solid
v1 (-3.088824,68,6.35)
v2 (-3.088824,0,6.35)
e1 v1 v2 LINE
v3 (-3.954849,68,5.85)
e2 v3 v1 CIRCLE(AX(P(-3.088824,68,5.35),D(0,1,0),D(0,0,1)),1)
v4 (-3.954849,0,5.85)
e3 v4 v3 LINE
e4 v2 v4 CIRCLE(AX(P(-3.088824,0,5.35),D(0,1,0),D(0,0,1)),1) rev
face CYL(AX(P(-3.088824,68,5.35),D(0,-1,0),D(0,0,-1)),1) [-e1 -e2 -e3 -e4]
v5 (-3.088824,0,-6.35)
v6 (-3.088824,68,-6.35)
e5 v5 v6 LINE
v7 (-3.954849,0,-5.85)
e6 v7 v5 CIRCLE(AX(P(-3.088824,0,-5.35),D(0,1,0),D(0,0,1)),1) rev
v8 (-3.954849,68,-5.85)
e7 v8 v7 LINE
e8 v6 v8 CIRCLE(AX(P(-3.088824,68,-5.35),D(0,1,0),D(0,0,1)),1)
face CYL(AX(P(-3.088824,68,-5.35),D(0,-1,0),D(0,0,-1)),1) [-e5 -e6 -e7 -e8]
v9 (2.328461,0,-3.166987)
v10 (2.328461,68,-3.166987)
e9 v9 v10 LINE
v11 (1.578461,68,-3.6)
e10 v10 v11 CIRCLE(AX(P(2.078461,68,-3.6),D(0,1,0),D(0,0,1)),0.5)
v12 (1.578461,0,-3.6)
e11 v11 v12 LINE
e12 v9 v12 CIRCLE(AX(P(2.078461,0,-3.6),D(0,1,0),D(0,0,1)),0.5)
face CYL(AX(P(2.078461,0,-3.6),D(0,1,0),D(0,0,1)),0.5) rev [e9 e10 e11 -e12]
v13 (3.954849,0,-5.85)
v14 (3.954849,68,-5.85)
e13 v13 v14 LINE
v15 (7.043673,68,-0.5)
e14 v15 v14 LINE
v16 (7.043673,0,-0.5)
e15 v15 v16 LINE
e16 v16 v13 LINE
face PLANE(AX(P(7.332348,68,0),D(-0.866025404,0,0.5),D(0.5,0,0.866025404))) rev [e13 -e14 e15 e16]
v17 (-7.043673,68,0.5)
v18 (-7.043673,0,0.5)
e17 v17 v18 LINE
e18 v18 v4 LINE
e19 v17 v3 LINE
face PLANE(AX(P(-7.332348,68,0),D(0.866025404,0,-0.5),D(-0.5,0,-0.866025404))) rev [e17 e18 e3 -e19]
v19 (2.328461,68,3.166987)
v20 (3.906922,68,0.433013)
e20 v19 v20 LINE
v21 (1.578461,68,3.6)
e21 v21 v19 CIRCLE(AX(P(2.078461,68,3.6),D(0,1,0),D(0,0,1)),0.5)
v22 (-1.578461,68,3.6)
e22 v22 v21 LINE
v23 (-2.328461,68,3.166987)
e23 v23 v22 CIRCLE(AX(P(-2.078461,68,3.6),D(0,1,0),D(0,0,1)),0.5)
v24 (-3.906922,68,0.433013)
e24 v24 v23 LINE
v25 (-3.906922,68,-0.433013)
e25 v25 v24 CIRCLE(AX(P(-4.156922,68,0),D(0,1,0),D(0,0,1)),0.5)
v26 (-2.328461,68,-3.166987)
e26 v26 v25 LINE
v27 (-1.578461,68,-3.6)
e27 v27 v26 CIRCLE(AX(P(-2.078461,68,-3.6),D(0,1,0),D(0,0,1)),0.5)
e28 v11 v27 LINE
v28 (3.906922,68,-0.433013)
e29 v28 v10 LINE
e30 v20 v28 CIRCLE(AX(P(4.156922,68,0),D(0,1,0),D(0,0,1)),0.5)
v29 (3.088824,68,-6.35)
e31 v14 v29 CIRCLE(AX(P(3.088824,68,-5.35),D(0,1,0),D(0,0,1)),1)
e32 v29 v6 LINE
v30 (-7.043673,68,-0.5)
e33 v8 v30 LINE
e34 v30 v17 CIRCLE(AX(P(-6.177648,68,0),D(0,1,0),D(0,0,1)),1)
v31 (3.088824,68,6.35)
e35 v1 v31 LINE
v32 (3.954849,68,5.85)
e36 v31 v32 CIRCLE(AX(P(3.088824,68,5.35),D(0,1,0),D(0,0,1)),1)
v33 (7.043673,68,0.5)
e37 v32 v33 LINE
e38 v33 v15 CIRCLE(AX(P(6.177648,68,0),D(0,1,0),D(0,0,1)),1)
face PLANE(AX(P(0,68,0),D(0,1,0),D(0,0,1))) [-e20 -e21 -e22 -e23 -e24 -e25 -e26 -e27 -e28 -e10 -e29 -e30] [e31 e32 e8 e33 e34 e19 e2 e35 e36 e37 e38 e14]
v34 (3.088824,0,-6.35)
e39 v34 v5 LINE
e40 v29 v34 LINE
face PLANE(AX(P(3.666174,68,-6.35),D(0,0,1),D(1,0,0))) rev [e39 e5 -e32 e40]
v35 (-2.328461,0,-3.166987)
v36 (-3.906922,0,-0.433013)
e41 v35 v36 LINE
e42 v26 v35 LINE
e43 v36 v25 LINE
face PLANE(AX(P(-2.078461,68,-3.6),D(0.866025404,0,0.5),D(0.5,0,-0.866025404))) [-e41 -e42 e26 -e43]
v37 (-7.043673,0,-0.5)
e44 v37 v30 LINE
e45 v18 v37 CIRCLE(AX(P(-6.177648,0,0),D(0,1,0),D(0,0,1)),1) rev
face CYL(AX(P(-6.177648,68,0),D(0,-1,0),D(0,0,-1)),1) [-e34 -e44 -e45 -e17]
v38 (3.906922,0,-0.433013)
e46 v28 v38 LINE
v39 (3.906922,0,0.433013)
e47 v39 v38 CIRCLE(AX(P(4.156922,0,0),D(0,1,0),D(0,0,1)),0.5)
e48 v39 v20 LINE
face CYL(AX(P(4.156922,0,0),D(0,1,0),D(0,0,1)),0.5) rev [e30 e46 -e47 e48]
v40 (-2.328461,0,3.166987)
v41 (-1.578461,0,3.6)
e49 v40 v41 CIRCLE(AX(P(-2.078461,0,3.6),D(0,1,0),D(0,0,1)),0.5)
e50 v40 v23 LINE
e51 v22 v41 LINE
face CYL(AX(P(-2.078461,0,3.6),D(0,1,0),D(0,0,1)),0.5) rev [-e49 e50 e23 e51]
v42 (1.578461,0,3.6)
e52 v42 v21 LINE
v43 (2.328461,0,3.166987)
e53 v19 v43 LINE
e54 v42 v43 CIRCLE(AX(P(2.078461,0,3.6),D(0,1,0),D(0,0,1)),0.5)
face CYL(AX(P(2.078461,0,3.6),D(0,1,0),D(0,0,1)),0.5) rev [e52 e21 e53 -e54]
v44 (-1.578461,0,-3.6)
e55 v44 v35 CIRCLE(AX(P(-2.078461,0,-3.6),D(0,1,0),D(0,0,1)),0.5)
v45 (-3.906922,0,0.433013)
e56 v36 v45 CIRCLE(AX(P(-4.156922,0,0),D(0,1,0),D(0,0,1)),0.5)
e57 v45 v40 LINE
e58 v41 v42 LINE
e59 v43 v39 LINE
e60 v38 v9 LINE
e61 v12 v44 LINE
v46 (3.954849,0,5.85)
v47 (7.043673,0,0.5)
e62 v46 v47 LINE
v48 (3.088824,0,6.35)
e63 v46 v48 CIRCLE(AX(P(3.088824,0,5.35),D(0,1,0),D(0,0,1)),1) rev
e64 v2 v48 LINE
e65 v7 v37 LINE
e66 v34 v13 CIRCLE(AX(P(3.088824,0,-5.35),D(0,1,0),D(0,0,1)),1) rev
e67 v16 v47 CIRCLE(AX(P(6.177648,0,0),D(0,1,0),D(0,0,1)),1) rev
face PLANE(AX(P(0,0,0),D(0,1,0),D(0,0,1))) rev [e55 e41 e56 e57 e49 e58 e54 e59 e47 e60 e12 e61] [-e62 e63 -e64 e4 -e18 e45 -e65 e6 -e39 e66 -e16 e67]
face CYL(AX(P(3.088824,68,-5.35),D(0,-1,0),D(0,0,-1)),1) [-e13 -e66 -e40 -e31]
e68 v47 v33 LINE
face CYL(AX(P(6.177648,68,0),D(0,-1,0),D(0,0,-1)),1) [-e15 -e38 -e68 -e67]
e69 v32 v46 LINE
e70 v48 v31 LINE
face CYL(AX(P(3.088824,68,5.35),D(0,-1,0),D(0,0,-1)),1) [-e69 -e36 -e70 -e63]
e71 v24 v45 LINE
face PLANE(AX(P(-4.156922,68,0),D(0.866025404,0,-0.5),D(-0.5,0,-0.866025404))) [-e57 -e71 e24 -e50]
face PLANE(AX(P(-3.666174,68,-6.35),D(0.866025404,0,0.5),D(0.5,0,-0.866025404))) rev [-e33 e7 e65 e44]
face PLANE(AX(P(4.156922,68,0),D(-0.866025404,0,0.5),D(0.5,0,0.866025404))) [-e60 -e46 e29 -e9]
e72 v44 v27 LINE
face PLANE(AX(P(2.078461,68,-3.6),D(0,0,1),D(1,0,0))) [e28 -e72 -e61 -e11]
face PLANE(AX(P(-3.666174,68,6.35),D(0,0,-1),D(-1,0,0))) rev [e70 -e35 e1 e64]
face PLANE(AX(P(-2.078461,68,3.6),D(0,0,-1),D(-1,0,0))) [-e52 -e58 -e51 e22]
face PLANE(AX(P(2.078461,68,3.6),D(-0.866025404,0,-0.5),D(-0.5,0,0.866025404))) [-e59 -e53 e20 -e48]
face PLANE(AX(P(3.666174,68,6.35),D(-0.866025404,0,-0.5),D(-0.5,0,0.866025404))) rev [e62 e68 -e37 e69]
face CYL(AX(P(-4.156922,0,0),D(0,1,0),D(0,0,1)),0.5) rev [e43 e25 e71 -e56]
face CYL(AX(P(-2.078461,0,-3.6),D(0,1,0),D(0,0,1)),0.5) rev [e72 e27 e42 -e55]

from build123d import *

# Parameters (mm, degrees)
BOSS_EXTRUDE1_DEPTH = 68
SKETCH2_R           = 0.5
CUT_EXTRUDE1_DEPTH  = 69.68832385
FILLET1_R           = 1


with BuildPart() as part:
    # Sketch1 → Boss-Extrude1 (new body)
    with BuildSketch(Plane(origin=(0, 0, 0), x_dir=(1, 0, 0), z_dir=(0, 1, 0))):
        Polygon((3.666174209, 6.35), (-3.666174209, 6.35), (-7.332348419, 0), (-3.666174209, -6.35), (3.666174209, -6.35), (7.332348419, 0), align=None)
        Polygon((2.078460969, 3.6), (-2.078460969, 3.6), (-4.156921938, 0), (-2.078460969, -3.6), (2.078460969, -3.6), (4.156921938, 0), align=None, mode=Mode.SUBTRACT)
    extrude(amount=BOSS_EXTRUDE1_DEPTH)

    # Sketch2 → Cut-Extrude1 (cut, through all)
    with BuildSketch(Plane(origin=(0, 68, 0), x_dir=(1, 0, 0), z_dir=(0, 1, 0))):
        with Locations((-2.078460969, 3.6)):
            Circle(SKETCH2_R)
        with Locations((2.078460969, 3.6)):
            Circle(SKETCH2_R)
        with Locations((4.156921938, 0)):
            Circle(SKETCH2_R)
        with Locations((2.078460969, -3.6)):
            Circle(SKETCH2_R)
        with Locations((-2.078460969, -3.6)):
            Circle(SKETCH2_R)
        with Locations((-4.156921938, 0)):
            Circle(SKETCH2_R)
    extrude(amount=-CUT_EXTRUDE1_DEPTH, mode=Mode.SUBTRACT)

    # Fillet1
    fillet1_edges = [part.edges().sort_by_distance(p)[0] for p in [
        (7.332348419, 34, 0),
        (3.666174209, 34, 6.35),
        (-3.666174209, 34, 6.35),
        (-7.332348419, 34, 0),
        (-3.666174209, 34, -6.35),
        (3.666174209, 34, -6.35),
    ]]
    fillet(fillet1_edges, radius=FILLET1_R)


solid = part.part
